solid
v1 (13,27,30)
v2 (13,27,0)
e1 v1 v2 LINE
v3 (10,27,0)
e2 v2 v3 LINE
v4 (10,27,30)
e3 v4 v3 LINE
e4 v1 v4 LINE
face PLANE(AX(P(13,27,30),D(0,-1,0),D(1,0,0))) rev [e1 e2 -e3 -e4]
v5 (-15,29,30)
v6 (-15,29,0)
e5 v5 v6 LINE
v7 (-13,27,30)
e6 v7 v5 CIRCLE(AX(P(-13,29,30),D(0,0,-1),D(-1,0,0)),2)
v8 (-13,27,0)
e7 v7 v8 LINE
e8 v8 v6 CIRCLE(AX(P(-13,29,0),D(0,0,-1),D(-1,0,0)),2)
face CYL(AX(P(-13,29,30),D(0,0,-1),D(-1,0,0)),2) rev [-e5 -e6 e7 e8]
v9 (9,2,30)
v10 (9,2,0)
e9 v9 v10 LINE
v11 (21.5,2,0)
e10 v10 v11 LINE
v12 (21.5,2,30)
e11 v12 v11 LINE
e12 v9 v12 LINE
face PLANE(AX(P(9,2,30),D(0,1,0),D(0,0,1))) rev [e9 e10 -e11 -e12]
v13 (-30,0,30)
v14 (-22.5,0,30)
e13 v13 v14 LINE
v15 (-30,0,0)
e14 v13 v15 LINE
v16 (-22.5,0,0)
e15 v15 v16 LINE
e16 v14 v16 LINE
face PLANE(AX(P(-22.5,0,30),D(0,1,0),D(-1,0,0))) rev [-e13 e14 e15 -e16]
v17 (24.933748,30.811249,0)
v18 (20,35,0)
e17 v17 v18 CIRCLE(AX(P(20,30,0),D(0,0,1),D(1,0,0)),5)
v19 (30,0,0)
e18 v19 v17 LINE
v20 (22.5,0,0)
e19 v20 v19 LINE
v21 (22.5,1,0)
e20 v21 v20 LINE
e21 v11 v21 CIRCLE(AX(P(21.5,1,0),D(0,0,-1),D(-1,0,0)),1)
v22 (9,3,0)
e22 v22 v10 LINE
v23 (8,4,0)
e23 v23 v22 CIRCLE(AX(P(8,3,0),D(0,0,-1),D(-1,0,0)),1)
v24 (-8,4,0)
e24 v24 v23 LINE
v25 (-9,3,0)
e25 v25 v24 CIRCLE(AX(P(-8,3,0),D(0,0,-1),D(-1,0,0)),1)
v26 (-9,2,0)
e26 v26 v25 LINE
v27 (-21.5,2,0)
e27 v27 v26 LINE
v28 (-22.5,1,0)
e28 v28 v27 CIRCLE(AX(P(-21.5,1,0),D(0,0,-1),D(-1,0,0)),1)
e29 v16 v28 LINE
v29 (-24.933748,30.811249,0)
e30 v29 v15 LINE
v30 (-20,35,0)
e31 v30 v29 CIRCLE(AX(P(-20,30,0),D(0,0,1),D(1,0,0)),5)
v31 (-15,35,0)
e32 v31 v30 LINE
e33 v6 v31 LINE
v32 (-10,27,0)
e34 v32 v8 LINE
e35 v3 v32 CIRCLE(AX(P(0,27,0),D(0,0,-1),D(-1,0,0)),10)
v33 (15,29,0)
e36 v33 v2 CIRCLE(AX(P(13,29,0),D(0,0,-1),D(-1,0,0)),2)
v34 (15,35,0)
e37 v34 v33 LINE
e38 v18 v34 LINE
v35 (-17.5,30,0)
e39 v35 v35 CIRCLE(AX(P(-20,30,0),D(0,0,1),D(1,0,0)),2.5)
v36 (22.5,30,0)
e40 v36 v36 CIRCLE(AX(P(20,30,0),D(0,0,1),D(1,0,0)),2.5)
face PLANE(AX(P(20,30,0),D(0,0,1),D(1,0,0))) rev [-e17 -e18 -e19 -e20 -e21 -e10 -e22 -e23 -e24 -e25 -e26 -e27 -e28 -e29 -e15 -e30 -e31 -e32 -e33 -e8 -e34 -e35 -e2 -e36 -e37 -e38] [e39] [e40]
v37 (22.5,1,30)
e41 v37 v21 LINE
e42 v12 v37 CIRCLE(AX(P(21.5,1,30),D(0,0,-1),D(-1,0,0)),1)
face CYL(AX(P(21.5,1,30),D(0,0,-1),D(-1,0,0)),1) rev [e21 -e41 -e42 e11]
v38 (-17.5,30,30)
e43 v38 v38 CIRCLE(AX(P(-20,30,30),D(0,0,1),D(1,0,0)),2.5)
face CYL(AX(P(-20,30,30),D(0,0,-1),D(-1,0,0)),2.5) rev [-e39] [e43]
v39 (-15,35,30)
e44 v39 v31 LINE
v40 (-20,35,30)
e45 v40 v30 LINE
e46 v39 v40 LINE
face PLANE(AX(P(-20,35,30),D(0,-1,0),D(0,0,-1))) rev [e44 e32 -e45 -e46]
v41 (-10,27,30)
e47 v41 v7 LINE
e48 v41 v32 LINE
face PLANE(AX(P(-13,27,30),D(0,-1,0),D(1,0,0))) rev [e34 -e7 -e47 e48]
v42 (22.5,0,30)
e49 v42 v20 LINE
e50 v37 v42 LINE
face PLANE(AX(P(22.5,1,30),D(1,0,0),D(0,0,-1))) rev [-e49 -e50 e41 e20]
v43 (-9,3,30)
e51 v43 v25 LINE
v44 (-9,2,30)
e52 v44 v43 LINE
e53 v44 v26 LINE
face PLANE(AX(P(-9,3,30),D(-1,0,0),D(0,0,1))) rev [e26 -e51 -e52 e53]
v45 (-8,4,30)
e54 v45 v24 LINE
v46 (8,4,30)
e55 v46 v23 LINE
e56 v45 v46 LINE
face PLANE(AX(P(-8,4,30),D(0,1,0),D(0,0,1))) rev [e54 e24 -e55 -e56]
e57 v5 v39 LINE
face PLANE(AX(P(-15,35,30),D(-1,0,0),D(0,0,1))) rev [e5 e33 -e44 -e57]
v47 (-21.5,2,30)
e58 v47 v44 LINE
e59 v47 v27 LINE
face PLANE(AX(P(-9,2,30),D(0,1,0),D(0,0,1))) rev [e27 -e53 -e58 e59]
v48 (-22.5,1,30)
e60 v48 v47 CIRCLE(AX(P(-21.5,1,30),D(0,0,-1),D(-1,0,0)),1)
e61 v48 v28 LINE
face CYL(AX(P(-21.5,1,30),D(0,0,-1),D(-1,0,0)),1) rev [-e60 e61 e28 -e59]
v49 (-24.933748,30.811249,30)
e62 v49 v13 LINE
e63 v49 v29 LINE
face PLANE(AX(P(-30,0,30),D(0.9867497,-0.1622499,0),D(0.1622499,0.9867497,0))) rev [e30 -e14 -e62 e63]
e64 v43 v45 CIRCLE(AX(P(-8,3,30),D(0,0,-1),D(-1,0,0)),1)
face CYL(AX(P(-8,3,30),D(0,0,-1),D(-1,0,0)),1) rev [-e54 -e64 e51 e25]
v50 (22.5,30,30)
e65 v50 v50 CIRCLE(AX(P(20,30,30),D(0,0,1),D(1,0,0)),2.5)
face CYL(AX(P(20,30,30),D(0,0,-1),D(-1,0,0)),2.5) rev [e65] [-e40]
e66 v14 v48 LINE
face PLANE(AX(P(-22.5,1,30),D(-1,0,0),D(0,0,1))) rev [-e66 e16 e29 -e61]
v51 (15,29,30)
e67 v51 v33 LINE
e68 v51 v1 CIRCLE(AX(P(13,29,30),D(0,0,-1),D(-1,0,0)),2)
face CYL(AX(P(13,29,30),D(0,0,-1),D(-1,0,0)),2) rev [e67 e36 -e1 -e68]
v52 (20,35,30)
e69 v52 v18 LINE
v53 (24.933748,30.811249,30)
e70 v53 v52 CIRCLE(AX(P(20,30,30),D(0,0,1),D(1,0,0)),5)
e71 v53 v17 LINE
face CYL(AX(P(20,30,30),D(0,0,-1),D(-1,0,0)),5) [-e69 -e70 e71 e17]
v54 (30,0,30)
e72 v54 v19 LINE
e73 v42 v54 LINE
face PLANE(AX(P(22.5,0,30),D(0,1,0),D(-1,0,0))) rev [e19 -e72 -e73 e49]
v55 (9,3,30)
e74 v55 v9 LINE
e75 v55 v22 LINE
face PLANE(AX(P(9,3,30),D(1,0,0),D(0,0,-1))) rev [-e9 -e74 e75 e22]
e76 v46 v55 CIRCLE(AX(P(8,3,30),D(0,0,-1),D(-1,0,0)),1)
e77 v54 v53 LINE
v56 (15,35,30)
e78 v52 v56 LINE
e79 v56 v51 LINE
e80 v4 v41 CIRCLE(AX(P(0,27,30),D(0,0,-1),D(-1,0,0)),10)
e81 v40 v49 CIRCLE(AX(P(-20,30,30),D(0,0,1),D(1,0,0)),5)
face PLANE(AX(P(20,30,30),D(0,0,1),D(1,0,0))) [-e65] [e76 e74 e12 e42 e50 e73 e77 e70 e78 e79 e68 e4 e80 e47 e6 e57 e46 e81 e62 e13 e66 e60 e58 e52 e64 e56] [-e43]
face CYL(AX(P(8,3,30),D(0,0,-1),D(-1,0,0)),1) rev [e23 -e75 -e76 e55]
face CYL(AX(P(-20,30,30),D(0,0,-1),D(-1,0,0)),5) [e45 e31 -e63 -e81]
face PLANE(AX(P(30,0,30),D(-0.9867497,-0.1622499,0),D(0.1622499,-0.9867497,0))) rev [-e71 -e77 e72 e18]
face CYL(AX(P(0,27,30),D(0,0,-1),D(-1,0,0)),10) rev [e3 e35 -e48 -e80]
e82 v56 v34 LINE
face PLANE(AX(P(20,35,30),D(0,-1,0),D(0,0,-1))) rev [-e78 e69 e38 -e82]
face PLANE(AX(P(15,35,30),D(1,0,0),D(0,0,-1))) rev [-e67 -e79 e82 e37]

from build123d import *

# Parameters (mm, degrees)
SKETCH1_R           = 2.5
BOSS_EXTRUDE1_DEPTH = 30


with BuildPart() as part:
    # Sketch1 → Boss-Extrude1 (new body)
    with BuildSketch(Plane.XY):
        with BuildLine():
            Line((-8, 4), (8, 4))
            ThreePointArc((8, 4), (8.707106781, 3.707106781), (9, 3))
            Line((9, 3), (9, 2))
            Line((9, 2), (21.5, 2))
            ThreePointArc((21.5, 2), (22.207106781, 1.707106781), (22.5, 1))
            Line((22.5, 1), (22.5, 0))
            Line((22.5, 0), (30, 0))
            Line((30, 0), (24.933748499, 30.8112495))
            ThreePointArc((24.933748499, 30.8112495), (23.236027851, 33.811577593), (20, 35))
            Line((20, 35), (15, 35))
            Line((15, 35), (15, 29))
            ThreePointArc((15, 29), (14.414213562, 27.585786438), (13, 27))
            Line((13, 27), (10, 27))
            ThreePointArc((10, 27), (0, 17), (-10, 27))
            Line((-10, 27), (-13, 27))
            ThreePointArc((-13, 27), (-14.414213562, 27.585786438), (-15, 29))
            Line((-15, 29), (-15, 35))
            Line((-15, 35), (-20, 35))
            ThreePointArc((-20, 35), (-23.236027851, 33.811577593), (-24.933748499, 30.8112495))
            Line((-24.933748499, 30.8112495), (-30, 0))
            Line((-30, 0), (-22.5, 0))
            Line((-22.5, 0), (-22.5, 1))
            ThreePointArc((-22.5, 1), (-22.207106781, 1.707106781), (-21.5, 2))
            Line((-21.5, 2), (-9, 2))
            Line((-9, 2), (-9, 3))
            ThreePointArc((-9, 3), (-8.707106781, 3.707106781), (-8, 4))
        make_face()
        with Locations((-20, 30)):
            Circle(SKETCH1_R, mode=Mode.SUBTRACT)
        with Locations((20, 30)):
            Circle(SKETCH1_R, mode=Mode.SUBTRACT)
    extrude(amount=BOSS_EXTRUDE1_DEPTH)


solid = part.part
